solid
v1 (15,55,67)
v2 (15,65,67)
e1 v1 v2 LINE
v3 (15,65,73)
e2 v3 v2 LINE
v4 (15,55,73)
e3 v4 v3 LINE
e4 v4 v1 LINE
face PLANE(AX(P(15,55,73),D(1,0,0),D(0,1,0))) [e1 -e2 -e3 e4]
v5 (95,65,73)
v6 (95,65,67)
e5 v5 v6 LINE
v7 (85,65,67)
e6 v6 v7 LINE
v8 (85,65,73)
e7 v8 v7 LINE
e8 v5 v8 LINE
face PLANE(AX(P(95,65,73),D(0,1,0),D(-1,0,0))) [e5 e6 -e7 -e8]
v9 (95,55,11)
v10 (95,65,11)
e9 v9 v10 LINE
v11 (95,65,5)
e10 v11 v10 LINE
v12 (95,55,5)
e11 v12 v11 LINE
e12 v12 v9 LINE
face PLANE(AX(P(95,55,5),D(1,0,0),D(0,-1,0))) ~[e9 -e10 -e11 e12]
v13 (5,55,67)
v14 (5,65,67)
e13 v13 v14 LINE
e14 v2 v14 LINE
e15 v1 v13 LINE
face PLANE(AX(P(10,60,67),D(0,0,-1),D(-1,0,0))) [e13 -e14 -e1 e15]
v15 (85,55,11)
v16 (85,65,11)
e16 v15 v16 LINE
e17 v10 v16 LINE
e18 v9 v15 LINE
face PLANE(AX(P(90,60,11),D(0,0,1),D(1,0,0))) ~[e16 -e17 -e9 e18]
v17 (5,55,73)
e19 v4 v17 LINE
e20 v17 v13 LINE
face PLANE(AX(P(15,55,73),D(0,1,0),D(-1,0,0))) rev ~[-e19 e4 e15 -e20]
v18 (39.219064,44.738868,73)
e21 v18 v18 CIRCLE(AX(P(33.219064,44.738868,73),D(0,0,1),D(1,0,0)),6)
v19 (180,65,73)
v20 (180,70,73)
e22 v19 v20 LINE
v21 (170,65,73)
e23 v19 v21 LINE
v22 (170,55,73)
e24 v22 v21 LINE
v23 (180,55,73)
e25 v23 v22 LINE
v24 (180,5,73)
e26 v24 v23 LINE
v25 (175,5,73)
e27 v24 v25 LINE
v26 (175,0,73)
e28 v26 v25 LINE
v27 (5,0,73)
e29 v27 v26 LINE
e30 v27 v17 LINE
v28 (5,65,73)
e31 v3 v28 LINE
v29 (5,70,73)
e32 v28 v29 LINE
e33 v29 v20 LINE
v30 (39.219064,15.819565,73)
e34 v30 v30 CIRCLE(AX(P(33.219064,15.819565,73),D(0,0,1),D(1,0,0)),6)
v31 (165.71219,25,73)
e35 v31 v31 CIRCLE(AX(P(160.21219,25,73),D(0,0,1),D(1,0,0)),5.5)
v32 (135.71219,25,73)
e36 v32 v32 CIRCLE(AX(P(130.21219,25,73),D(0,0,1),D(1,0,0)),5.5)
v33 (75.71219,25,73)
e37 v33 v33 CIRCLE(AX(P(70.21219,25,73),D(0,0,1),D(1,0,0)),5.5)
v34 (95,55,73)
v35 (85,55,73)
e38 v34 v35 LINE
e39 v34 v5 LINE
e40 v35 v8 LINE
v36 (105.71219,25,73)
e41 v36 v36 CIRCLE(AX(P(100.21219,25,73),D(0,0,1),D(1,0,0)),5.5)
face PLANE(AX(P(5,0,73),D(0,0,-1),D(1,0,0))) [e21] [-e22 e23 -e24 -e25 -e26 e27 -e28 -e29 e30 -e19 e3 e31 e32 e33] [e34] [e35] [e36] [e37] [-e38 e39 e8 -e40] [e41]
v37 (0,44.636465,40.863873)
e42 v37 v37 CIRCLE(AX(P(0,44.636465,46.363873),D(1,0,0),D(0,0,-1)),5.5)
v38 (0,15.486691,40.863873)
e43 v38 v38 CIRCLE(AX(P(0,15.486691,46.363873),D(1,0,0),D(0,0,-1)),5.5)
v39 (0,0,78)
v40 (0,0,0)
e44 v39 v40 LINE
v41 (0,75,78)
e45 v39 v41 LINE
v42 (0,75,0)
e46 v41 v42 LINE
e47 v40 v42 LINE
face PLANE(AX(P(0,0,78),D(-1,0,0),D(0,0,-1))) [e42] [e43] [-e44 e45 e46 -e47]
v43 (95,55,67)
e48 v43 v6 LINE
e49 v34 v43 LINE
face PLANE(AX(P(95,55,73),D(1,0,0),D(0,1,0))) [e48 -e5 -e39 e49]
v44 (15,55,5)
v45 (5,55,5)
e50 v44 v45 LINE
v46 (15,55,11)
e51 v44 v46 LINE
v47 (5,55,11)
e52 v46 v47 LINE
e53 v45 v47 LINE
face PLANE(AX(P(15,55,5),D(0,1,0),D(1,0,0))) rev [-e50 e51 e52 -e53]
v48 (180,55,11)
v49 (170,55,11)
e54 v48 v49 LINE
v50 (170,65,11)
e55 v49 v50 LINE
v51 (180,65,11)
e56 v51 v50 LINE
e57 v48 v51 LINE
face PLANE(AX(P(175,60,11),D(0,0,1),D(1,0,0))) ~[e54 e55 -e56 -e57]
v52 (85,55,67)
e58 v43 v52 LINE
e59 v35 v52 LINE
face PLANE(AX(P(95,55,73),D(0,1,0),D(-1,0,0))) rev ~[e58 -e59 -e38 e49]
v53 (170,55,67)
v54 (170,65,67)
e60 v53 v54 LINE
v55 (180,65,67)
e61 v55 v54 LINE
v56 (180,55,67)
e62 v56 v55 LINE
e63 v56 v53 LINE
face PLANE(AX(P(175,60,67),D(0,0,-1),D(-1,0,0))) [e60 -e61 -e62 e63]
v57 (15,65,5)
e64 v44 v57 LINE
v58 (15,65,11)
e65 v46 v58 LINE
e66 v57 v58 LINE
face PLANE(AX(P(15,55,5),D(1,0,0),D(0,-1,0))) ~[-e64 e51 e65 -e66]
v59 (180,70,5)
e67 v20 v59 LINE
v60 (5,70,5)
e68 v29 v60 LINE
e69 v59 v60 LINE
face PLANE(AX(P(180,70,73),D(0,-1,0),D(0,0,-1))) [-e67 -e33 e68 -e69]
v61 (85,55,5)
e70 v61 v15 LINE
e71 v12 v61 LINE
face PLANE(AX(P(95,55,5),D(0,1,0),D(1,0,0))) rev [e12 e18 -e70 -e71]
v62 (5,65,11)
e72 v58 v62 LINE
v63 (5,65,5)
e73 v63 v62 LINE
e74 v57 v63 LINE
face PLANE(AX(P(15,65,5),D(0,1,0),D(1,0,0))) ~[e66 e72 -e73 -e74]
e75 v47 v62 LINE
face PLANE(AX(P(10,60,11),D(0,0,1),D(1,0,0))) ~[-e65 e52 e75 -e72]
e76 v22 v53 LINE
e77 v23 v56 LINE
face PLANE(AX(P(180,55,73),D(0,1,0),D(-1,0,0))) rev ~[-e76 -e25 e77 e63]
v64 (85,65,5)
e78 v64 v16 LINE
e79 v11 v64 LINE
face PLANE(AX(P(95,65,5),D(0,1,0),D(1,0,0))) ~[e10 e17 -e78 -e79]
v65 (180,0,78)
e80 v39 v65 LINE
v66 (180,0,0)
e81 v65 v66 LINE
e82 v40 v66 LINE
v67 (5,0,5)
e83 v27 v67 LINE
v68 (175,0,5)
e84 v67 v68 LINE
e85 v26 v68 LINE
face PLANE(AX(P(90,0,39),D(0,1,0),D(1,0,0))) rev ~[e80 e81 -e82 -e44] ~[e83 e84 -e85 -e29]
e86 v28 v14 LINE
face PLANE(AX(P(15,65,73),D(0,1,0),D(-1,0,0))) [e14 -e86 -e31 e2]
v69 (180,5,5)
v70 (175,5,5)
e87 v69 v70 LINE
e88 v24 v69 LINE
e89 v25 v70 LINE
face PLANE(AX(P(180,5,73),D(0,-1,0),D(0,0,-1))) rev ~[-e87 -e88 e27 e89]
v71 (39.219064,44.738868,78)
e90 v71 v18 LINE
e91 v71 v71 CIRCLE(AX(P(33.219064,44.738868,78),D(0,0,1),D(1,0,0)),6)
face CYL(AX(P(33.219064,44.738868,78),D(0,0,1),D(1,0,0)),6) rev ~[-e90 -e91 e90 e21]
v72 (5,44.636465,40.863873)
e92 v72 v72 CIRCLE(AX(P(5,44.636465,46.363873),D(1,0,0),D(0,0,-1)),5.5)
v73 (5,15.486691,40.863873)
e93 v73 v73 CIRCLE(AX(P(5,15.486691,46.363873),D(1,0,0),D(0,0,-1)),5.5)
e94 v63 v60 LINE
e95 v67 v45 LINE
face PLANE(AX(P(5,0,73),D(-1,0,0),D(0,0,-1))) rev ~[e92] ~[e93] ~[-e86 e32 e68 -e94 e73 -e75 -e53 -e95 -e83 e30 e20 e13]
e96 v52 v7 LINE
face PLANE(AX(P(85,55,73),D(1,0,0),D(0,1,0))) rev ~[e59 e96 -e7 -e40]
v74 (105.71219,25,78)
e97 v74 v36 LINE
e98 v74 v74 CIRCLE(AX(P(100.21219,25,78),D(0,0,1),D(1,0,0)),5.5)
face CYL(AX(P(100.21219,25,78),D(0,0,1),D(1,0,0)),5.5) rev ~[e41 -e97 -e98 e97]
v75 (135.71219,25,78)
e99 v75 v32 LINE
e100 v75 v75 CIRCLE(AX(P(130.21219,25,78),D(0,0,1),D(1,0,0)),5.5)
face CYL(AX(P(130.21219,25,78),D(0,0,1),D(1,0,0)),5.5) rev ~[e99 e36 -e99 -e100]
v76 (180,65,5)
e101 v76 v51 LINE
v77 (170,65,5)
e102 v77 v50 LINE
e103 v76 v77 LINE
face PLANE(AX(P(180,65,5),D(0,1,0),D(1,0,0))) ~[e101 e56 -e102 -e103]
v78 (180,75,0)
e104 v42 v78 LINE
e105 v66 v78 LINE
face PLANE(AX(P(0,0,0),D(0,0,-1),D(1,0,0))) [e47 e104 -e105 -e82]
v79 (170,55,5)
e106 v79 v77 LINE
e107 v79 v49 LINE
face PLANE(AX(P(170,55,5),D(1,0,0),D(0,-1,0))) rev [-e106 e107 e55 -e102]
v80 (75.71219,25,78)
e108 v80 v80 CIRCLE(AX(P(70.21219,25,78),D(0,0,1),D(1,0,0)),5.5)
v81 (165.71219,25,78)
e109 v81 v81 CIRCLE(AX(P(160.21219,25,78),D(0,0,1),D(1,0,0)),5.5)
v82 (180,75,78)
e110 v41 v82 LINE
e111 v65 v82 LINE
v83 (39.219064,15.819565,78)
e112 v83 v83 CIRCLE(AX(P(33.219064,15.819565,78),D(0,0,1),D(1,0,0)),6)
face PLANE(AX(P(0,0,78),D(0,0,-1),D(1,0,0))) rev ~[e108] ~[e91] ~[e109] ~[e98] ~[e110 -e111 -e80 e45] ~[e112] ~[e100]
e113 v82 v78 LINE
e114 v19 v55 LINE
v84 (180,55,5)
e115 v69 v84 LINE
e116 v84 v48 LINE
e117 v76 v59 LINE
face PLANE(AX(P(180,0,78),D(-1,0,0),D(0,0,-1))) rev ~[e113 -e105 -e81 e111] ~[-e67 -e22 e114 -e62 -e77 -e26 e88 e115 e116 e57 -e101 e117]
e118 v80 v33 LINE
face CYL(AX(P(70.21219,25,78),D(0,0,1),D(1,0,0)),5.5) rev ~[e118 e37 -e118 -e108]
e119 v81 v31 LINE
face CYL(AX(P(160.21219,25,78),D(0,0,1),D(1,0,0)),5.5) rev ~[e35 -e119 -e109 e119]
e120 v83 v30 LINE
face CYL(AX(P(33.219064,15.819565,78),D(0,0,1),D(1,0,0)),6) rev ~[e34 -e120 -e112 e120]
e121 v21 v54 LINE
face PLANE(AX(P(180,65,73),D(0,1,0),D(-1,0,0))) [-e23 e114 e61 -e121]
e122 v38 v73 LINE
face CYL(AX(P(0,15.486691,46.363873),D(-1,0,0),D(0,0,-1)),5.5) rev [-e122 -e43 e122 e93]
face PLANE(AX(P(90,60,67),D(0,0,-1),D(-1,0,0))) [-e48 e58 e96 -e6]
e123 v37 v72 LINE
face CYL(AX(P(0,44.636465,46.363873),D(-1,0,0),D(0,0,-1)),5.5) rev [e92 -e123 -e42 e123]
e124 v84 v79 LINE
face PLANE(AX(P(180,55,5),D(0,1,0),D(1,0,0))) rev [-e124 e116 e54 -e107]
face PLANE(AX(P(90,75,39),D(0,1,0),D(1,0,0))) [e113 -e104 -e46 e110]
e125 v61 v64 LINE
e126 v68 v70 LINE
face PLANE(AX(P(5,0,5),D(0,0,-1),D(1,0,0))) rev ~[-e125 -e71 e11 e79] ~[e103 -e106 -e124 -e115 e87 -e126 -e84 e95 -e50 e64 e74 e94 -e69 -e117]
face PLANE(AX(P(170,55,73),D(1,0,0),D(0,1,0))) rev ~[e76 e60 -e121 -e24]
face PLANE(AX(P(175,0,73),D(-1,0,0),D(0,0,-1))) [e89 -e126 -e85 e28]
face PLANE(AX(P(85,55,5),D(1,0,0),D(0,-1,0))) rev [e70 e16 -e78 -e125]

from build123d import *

# Parameters (mm, degrees)
SKETCH1_W           = 180
SKETCH1_H           = 78
BOSS_EXTRUDE1_DEPTH = 75
SKETCH7_W           = 170
SKETCH7_H           = 68
CUT_EXTRUDE1_DEPTH  = 70
SKETCH8_W           = 68
SKETCH8_H           = 65
CUT_EXTRUDE2_DEPTH  = 5
SKETCH2_R           = 5.5
SKETCH2_R_2         = 6
CUT_EXTRUDE3_DEPTH  = 5
SKETCH6_R           = 5.5
CUT_EXTRUDE5_DEPTH  = 5
SKETCH9_W           = 10
SKETCH9_H           = 10
BOSS_EXTRUDE2_DEPTH = 6


with BuildPart() as part:
    # Sketch1 → Boss-Extrude1 (new body)
    with BuildSketch(Plane(origin=(0, 0, 0), x_dir=(1, 0, 0), z_dir=(0, 1, 0))):
        with Locations((90, -39)):
            Rectangle(SKETCH1_W, SKETCH1_H)
    extrude(amount=BOSS_EXTRUDE1_DEPTH)

    # Sketch7 → Cut-Extrude1 (cut)
    with BuildSketch(Plane(origin=(0, 0, 0), x_dir=(1, 0, 0), z_dir=(0, 1, 0))):
        with Locations((90, -39)):
            Rectangle(SKETCH7_W, SKETCH7_H)
    extrude(amount=CUT_EXTRUDE1_DEPTH, mode=Mode.SUBTRACT)

    # Sketch8 → Cut-Extrude2 (cut)
    with BuildSketch(Plane(origin=(180, 0, 0), x_dir=(0, 0, -1), z_dir=(1, 0, 0))):
        with Locations((-39, 37.5)):
            Rectangle(SKETCH8_W, SKETCH8_H)
    extrude(amount=-CUT_EXTRUDE2_DEPTH, mode=Mode.SUBTRACT)

    # Sketch2 → Cut-Extrude3 (cut)
    with BuildSketch(Plane.XY.offset(78)):
        with Locations((160.21219032, 25)):
            Circle(SKETCH2_R)
        with Locations((100.21219032, 25)):
            Circle(SKETCH2_R)
        with Locations((130.21219032, 25)):
            Circle(SKETCH2_R)
        with Locations((70.21219032, 25)):
            Circle(SKETCH2_R)
        with Locations((33.219063995, 44.738868471)):
            Circle(SKETCH2_R_2)
        with Locations((33.219063995, 15.81956505)):
            Circle(SKETCH2_R_2)
    extrude(amount=-CUT_EXTRUDE3_DEPTH, mode=Mode.SUBTRACT)

    # Sketch6 → Cut-Extrude5 (cut)
    with BuildSketch(Plane(origin=(0, 0, 0), x_dir=(0, 0, -1), z_dir=(1, 0, 0))):
        with Locations((-46.363872843, 44.63646506)):
            Circle(SKETCH6_R)
        with Locations((-46.363872843, 15.486690828)):
            Circle(SKETCH6_R)
    extrude(amount=CUT_EXTRUDE5_DEPTH, mode=Mode.SUBTRACT)

    # Sketch9 → Boss-Extrude2 (add)
    with BuildSketch(Plane(origin=(0, 0, 73), x_dir=(-1, 0, 0), z_dir=(0, 0, -1))):
        with Locations((-175, 60)):
            Rectangle(SKETCH9_W, SKETCH9_H)
        with Locations((-90, 60)):
            Rectangle(SKETCH9_W, SKETCH9_H)
        with Locations((-10, 60)):
            Rectangle(SKETCH9_W, SKETCH9_H)
    boss_extrude2 = extrude(amount=BOSS_EXTRUDE2_DEPTH)

    # Mirror1: Boss-Extrude2 across plane
    add(boss_extrude2.mirror(Plane.XY.offset(39)))


solid = part.part
